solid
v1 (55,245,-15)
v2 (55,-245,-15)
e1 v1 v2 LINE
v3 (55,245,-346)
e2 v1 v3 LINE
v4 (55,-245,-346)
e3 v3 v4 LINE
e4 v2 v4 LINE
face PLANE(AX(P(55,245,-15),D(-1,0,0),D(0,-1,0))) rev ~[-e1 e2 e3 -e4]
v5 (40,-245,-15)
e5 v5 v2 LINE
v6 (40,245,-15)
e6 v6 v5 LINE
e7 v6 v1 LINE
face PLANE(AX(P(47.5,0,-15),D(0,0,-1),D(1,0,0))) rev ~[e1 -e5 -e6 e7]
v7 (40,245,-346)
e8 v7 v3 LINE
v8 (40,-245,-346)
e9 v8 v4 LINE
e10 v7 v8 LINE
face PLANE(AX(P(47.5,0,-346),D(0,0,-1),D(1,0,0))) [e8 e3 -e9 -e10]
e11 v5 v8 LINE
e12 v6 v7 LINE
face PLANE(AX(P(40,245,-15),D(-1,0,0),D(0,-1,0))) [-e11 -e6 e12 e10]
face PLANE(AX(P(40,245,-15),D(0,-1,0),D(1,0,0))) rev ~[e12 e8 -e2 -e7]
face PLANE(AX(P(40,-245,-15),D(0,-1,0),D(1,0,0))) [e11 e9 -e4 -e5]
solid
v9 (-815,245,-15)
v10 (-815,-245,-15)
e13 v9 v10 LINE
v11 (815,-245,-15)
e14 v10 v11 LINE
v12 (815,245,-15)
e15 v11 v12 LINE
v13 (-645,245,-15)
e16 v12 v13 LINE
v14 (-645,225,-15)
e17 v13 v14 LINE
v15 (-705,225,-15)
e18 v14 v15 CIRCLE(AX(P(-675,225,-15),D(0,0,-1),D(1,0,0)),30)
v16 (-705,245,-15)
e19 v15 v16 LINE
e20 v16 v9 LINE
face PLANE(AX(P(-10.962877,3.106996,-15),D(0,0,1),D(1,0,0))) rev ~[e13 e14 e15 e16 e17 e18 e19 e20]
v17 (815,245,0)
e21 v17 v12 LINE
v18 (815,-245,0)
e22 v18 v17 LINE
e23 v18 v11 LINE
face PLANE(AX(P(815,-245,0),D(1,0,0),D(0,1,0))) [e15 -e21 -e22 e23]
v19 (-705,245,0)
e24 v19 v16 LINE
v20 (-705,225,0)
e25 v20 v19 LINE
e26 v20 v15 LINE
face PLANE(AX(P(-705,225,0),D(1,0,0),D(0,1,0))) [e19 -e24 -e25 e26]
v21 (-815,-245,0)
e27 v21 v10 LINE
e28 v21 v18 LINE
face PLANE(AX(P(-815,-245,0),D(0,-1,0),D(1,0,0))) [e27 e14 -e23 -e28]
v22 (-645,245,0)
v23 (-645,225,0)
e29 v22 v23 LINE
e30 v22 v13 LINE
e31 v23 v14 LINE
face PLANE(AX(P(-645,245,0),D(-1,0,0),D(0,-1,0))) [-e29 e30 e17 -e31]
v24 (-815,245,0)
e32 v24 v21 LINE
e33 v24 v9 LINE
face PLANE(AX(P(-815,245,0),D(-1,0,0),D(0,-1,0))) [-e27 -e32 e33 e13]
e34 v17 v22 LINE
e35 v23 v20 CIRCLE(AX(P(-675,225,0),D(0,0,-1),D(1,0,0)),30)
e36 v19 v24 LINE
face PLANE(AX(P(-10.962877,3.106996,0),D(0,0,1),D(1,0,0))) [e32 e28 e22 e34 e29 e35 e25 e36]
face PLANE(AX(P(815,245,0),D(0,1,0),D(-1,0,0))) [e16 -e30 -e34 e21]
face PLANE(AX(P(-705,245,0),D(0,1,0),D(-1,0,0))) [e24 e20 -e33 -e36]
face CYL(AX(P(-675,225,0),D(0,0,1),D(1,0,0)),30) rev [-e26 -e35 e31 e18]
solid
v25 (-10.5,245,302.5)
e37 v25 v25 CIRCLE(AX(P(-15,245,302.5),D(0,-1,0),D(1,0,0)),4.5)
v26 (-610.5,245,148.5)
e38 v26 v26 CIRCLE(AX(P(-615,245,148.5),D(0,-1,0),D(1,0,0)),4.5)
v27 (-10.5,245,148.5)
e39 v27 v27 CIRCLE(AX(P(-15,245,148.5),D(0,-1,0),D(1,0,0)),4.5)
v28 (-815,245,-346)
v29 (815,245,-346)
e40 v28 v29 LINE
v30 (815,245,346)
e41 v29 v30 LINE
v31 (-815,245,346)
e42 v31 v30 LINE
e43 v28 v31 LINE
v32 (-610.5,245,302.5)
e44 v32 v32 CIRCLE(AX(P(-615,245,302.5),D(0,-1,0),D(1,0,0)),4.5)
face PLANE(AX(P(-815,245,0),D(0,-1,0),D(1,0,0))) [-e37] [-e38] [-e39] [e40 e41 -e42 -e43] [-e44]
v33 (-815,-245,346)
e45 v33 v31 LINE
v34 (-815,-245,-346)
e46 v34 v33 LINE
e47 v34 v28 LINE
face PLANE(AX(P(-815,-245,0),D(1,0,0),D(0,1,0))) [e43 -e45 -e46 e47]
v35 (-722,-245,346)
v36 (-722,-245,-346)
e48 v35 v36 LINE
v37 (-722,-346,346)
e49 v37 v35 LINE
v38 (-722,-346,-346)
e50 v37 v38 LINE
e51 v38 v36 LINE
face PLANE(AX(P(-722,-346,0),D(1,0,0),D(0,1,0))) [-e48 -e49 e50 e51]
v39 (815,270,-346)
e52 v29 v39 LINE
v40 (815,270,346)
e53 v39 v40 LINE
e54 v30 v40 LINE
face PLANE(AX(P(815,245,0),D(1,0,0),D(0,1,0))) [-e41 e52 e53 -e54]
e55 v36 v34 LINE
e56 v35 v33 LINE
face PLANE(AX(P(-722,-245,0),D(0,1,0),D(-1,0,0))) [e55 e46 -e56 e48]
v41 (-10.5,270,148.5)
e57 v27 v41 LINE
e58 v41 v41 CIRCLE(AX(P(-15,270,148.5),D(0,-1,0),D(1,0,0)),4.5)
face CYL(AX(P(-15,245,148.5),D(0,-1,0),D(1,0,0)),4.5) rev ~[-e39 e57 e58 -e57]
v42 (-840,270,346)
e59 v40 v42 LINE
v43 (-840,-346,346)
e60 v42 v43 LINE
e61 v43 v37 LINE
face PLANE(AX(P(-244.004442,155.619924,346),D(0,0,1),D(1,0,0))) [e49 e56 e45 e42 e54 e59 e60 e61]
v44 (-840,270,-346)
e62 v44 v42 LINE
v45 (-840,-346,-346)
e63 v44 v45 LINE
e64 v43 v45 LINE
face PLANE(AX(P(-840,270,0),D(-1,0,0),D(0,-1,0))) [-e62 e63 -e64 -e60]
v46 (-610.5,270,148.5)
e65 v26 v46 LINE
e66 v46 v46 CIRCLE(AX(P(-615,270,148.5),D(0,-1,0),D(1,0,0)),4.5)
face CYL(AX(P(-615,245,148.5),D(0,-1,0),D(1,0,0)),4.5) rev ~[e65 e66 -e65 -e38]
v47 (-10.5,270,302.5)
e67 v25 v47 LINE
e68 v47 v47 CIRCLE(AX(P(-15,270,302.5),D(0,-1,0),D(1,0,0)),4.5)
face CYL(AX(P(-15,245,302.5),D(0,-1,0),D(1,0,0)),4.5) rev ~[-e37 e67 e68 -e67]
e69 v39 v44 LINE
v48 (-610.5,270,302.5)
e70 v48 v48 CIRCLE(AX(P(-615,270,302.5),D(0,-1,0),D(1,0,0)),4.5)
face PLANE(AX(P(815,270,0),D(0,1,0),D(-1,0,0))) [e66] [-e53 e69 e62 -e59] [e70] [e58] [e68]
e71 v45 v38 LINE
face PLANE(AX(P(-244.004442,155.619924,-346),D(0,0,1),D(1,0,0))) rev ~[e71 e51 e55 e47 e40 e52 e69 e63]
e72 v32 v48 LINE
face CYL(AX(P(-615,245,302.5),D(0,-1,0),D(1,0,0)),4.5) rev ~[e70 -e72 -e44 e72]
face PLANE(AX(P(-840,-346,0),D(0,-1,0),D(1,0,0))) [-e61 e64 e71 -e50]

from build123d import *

# Parameters (mm, degrees)
F1_DEPTH = 15
F3_DEPTH = 346
F4_W     = 15
F4_H     = 490
F5_DEPTH = 331
F6_R     = 4.5
F7_DEPTH = 25


with BuildPart() as f1:
    # F0 (on Top) → F1 (new body)
    with BuildSketch(Plane.XY):
        with BuildLine():
            Line((-705, 245), (-815, 245))
            Line((-815, 245), (-815, -245))
            Line((-815, -245), (815, -245))
            Line((815, -245), (815, 245))
            Line((815, 245), (-645, 245))
            Line((-645, 245), (-645, 225))
            ThreePointArc((-645, 225), (-675, 195), (-705, 225))
            Line((-705, 225), (-705, 245))
        make_face()
    extrude(amount=-F1_DEPTH)


with BuildPart() as f3:
    # F2 (on face) → F3 (new body, symmetric)
    with BuildSketch(Plane.XY):
        Polygon((-722, -245), (-815, -245), (-815, 245), (-705, 245), (-645, 245), (815, 245), (815, 270), (-840, 270), (-840, -346), (-722, -346), align=None)
    extrude(amount=F3_DEPTH, both=True)

    # F6 (on face) → F7 (cut)
    with BuildSketch(Plane.XZ.offset(-245)):
        with Locations((-615, 302.5)):
            Circle(F6_R)
        with Locations((-615, 148.5)):
            Circle(F6_R)
        with Locations((-15, 302.5)):
            Circle(F6_R)
        with Locations((-15, 148.5)):
            Circle(F6_R)
    extrude(amount=-F7_DEPTH, mode=Mode.SUBTRACT)


with BuildPart() as f5:
    # F4 (on face) → F5 (new body)
    with BuildSketch(Plane(origin=(0, 0, -15), x_dir=(1, 0, 0), z_dir=(0, 0, -1))):
        with Locations((47.5, 0)):
            Rectangle(F4_W, F4_H)
    extrude(amount=F5_DEPTH)


solid = Compound([f1.part, f3.part, f5.part])
